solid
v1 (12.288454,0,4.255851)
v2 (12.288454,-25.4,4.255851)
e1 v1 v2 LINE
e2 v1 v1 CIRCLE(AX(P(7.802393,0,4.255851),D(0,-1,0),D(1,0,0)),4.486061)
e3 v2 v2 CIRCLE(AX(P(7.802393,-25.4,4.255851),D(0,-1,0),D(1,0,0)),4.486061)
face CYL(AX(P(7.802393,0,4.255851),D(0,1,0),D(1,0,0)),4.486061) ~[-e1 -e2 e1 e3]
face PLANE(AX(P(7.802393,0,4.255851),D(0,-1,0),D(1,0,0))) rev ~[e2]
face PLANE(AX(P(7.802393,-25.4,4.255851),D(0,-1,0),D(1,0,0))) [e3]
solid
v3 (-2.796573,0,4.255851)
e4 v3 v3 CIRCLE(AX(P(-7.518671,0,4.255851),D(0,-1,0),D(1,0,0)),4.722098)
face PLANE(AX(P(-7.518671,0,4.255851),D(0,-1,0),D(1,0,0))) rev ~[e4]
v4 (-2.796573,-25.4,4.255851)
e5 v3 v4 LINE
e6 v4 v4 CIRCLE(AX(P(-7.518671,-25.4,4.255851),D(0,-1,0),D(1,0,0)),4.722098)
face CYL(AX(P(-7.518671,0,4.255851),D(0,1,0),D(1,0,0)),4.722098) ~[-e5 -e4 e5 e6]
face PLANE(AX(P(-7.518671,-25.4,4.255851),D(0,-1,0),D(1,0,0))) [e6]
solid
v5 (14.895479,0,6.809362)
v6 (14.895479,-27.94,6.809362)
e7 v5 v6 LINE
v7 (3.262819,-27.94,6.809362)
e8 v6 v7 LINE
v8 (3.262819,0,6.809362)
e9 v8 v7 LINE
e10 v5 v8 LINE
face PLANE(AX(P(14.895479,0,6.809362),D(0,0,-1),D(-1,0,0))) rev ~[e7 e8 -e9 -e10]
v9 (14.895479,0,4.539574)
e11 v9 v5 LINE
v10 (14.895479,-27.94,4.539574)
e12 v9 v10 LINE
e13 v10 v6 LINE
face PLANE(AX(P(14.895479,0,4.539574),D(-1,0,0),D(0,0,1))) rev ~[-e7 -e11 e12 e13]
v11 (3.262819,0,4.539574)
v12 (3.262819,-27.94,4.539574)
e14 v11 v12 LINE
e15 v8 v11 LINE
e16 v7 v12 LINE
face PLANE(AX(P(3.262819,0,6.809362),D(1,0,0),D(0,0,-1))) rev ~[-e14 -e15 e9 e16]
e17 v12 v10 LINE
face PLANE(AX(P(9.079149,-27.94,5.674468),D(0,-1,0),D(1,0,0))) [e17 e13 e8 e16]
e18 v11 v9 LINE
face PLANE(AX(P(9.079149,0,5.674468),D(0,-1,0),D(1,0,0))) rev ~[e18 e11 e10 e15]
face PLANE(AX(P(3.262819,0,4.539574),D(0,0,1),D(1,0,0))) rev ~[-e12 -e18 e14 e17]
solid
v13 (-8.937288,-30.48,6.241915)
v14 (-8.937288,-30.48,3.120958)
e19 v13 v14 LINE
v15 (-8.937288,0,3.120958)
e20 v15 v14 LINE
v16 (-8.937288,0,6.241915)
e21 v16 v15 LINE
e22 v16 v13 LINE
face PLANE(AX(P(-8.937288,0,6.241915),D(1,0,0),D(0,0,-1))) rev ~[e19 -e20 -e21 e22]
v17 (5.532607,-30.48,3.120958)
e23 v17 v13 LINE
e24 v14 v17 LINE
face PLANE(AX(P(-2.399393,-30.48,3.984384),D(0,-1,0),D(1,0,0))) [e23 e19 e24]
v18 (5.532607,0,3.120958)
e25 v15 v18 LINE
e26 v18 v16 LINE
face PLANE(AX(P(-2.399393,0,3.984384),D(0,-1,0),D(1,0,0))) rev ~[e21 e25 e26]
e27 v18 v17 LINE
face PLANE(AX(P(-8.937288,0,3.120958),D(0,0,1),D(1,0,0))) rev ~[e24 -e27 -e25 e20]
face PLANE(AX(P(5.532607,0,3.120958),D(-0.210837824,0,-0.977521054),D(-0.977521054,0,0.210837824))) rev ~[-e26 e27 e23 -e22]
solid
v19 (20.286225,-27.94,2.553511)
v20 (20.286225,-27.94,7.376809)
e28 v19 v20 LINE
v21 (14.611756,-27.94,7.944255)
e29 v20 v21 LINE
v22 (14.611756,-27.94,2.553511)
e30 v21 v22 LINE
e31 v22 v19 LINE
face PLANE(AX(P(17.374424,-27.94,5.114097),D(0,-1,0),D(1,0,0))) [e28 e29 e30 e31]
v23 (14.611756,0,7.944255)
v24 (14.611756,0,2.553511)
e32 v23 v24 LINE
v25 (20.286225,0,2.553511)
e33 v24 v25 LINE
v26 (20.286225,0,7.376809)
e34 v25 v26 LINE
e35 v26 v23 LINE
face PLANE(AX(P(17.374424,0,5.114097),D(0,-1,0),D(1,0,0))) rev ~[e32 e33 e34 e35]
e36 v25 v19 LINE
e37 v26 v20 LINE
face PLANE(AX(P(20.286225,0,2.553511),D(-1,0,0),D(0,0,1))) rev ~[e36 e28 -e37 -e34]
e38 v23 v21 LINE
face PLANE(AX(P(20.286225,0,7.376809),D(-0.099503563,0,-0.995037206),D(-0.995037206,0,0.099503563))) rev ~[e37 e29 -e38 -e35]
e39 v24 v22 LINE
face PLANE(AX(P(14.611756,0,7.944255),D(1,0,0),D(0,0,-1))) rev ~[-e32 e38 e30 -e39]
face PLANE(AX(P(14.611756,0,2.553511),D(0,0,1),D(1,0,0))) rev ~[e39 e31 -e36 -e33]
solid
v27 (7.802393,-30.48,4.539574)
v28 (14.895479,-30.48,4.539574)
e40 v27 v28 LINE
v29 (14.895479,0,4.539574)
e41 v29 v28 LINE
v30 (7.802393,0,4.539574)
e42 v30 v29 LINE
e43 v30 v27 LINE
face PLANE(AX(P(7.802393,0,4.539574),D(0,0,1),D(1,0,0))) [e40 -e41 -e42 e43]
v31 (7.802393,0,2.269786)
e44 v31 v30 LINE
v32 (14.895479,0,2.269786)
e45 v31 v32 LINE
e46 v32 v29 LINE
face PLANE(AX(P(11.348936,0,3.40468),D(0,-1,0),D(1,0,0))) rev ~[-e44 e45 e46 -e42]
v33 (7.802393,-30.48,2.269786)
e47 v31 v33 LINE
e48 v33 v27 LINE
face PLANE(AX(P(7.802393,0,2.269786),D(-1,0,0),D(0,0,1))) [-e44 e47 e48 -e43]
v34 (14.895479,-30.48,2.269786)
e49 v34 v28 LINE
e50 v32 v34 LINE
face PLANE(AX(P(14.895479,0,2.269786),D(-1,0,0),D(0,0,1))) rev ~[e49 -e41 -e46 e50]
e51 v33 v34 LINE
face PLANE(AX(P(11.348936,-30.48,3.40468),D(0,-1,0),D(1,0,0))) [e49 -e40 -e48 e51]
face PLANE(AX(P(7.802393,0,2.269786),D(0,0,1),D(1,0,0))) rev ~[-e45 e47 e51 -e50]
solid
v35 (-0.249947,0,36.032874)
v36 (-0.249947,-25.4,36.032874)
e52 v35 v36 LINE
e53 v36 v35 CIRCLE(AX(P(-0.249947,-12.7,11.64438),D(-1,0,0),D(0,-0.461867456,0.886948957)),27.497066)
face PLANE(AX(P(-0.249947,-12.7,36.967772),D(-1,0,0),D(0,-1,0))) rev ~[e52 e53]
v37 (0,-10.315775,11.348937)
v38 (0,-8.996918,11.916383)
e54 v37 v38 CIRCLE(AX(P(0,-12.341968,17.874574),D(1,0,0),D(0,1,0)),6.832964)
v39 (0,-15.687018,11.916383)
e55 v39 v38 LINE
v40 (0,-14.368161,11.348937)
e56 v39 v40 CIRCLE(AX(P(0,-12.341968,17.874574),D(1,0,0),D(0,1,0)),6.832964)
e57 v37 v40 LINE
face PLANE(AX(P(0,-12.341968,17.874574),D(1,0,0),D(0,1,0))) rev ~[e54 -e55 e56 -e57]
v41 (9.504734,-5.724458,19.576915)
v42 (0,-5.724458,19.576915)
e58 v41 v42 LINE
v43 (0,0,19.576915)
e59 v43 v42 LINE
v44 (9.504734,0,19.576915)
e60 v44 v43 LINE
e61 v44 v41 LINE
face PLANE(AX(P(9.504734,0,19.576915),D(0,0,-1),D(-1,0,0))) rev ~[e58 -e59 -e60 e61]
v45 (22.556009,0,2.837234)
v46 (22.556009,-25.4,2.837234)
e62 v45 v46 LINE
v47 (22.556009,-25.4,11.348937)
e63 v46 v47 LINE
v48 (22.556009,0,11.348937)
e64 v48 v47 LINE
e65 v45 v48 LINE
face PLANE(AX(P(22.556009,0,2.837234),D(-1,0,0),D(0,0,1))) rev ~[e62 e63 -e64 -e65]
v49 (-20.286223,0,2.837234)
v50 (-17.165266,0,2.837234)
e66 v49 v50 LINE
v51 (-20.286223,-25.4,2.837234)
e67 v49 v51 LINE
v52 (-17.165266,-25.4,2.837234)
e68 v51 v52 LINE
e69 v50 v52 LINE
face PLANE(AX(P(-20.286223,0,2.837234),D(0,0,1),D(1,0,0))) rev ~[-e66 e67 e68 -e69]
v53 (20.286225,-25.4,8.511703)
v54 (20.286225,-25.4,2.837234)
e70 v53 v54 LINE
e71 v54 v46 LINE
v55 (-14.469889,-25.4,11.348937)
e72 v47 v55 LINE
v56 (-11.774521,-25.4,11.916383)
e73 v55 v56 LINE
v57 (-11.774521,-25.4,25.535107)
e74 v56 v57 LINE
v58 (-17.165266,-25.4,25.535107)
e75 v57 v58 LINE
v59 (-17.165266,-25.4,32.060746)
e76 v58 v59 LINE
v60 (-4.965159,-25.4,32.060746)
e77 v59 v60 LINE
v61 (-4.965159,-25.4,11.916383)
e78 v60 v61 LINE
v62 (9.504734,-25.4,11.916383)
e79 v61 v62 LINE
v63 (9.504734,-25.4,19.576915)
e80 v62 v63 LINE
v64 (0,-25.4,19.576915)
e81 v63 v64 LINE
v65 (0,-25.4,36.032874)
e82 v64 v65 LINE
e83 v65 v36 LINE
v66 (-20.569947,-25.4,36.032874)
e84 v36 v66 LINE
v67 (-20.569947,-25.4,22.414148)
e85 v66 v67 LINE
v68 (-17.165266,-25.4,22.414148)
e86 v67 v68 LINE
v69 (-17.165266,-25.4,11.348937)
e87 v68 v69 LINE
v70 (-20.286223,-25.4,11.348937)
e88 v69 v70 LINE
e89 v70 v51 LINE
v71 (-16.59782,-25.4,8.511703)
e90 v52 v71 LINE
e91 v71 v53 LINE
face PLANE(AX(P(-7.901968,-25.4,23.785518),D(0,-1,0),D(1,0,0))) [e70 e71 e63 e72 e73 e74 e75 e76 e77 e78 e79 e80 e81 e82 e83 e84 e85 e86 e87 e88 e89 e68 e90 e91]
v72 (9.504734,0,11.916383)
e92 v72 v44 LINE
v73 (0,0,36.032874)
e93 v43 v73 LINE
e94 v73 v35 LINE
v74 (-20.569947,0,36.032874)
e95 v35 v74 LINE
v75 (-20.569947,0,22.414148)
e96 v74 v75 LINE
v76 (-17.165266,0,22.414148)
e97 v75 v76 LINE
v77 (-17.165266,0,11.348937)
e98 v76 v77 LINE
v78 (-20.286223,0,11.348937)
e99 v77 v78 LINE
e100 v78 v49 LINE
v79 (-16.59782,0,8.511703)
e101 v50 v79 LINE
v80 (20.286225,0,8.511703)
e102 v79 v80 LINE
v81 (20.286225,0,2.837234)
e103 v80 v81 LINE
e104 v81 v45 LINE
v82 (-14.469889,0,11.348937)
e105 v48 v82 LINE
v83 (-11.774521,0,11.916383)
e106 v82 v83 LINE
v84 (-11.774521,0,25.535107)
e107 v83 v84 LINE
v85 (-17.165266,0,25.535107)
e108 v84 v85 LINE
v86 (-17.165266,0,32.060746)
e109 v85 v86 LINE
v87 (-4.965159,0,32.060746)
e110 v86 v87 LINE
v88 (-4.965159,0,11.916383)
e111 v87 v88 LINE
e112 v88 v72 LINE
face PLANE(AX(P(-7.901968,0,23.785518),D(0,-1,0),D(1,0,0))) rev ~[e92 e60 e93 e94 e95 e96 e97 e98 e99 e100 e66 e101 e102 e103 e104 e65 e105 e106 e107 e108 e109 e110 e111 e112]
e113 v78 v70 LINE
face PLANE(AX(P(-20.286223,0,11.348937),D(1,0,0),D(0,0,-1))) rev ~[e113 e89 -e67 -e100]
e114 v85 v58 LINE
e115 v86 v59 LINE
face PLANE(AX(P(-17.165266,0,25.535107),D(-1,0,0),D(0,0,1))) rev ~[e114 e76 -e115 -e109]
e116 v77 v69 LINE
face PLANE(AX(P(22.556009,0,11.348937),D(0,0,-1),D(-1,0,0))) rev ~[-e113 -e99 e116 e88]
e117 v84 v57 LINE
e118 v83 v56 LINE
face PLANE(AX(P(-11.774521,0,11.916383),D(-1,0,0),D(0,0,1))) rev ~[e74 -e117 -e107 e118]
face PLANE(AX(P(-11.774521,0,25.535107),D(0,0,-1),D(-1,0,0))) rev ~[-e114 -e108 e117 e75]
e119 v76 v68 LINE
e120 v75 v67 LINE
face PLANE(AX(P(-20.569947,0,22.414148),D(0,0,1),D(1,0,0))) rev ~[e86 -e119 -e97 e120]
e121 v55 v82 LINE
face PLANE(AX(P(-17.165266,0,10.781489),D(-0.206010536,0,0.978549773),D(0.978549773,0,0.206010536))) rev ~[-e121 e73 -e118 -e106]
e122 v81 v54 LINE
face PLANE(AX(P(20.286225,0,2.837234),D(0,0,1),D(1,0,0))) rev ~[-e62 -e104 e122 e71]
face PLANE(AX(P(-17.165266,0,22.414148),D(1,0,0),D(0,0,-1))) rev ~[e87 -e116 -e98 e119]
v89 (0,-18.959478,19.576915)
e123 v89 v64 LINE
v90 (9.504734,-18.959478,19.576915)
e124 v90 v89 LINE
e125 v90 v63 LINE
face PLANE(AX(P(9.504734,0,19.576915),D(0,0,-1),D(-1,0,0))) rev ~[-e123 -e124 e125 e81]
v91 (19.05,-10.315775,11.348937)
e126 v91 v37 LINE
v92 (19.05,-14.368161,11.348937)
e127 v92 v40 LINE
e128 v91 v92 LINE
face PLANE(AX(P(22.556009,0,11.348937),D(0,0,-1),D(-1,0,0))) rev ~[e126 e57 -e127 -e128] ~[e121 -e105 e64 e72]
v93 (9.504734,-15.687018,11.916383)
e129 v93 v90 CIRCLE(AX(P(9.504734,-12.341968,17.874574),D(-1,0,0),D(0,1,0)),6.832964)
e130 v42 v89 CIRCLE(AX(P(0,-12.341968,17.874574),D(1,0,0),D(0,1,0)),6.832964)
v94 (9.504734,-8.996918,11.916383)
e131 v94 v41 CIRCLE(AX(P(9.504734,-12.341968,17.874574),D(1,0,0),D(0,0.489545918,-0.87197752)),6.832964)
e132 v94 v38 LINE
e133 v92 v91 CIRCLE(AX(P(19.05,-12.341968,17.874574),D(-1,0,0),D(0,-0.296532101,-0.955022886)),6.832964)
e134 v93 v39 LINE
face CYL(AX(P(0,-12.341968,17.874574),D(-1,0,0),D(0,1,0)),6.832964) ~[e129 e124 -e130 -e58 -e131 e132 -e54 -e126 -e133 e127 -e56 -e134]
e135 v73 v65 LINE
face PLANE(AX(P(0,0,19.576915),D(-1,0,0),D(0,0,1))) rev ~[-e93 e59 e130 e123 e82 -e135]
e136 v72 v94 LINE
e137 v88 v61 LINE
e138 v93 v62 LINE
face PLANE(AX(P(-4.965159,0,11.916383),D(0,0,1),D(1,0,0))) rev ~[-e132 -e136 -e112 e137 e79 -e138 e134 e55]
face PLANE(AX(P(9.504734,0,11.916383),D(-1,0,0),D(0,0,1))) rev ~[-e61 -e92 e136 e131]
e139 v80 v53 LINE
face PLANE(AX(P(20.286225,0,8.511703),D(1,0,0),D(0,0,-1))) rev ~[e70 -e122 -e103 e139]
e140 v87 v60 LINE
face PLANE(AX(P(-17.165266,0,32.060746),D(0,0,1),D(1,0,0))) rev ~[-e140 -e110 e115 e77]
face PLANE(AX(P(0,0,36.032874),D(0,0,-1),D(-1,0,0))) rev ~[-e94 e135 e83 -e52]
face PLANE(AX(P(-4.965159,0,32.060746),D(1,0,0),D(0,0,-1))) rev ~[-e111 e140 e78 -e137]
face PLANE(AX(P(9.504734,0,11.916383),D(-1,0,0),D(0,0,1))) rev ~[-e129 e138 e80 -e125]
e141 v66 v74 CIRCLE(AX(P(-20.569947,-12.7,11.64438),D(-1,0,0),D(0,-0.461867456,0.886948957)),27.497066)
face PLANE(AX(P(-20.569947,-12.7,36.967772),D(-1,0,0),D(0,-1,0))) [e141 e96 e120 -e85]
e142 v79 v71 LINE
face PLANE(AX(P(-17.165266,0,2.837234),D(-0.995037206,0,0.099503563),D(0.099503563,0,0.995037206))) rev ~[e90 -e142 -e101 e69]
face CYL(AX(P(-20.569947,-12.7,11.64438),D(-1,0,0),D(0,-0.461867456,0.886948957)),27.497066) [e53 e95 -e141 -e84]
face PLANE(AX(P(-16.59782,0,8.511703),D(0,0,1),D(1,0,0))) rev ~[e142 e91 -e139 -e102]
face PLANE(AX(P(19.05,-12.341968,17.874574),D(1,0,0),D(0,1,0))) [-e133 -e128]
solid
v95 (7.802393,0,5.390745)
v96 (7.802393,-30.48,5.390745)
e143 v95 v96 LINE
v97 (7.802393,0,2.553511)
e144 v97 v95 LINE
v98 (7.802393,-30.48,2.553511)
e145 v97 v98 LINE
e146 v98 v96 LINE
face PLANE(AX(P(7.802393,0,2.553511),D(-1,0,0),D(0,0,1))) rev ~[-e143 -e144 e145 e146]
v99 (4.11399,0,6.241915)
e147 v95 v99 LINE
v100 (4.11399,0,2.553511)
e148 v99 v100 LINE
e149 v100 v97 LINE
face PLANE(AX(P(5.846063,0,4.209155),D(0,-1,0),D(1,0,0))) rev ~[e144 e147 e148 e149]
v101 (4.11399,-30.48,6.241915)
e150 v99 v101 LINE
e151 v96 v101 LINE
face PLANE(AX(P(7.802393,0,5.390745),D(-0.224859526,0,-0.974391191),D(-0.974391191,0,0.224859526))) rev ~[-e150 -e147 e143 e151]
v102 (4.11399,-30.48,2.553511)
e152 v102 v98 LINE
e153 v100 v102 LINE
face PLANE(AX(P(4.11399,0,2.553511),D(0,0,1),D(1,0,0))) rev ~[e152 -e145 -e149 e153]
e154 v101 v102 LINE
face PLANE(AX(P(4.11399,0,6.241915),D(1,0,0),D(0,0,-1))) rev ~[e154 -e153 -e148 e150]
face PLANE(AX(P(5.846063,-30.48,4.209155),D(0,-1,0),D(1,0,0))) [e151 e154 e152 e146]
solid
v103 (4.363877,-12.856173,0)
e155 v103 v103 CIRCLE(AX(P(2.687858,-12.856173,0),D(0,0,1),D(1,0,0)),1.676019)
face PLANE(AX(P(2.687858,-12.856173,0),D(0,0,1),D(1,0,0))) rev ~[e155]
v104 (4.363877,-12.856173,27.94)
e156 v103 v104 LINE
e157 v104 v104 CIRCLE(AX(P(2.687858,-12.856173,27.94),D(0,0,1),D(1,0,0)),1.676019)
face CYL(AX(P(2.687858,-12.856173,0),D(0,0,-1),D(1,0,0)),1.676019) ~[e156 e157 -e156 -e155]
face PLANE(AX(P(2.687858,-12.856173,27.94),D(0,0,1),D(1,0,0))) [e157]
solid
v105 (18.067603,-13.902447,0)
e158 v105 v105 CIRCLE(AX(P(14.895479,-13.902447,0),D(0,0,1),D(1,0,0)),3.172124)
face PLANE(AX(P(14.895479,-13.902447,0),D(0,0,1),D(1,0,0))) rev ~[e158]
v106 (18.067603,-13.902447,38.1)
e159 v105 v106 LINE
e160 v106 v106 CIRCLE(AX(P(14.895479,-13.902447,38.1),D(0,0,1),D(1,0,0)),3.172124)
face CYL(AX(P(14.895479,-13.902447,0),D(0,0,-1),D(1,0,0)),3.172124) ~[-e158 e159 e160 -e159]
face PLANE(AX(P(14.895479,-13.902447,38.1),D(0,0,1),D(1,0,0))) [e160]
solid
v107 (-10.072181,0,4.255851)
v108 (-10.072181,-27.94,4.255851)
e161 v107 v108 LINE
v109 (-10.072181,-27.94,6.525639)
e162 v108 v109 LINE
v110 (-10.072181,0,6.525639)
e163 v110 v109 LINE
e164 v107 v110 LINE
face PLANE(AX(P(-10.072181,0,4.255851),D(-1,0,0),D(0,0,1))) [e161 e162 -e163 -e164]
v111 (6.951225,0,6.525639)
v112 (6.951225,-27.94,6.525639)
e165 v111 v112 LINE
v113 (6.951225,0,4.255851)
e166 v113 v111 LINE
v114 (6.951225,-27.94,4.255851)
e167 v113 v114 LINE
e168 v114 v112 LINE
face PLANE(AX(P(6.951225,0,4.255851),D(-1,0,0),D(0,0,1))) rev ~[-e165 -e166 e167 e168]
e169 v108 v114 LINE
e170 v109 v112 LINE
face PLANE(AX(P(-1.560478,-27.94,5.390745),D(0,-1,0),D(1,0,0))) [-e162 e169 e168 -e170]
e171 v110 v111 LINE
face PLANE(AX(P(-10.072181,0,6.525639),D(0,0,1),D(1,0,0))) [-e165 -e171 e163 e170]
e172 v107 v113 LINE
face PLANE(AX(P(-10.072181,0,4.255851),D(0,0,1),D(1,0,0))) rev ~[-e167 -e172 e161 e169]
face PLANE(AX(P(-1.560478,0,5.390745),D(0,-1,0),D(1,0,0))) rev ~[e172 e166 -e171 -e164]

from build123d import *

# Parameters (mm, degrees)
F0_R      = 4.486061
F0_R_2    = 4.722098
F1_DEPTH  = 25.4
F3_DEPTH  = 25.4
F5_DEPTH  = 25.4
F6_R      = 6.832964
F7_DEPTH  = 19.05
F8_R      = 3.172124
F9_DEPTH  = 38.1
F11_DEPTH = 27.94
F12_W     = 17.023406
F12_H     = 2.269788
F13_DEPTH = 27.94
F15_DEPTH = 27.94
F17_DEPTH = 30.48
F18_W     = 7.093086
F18_H     = 2.269787
F19_DEPTH = 30.48
F21_DEPTH = 30.48
F22_R     = 1.676019
F23_DEPTH = 27.94
F25_DEPTH = 20.32


with BuildPart() as f1:
    # F0 (on Front) → F1 (new body)
    with BuildSketch(Plane.XZ):
        with Locations((7.802393, 4.255851)):
            Circle(F0_R)
        with Locations((-7.518671, 4.255851)):
            Circle(F0_R_2)
    extrude(amount=F1_DEPTH)


with BuildPart() as f3:
    # F2 (on Front) → F3 (new body)
    with BuildSketch(Plane.XZ):
        Polygon((-17.165266, 2.837234), (-16.59782, 8.511703), (20.286225, 8.511703), (20.286225, 2.837234), (22.556009, 2.837234), (22.556009, 11.348937), (-20.286223, 11.348937), (-20.286223, 2.837234), align=None)
    extrude(amount=F3_DEPTH)

    # F4 (on Front) → F5 (join)
    with BuildSketch(Plane.XZ):
        Polygon((-17.165266, 22.414148), (-17.165266, 10.781489), (-11.774521, 11.916383), (-11.774521, 25.535107), (-17.165266, 25.535107), (-17.165266, 32.060746), (-4.965159, 32.060746), (-4.965159, 11.916383), (9.504734, 11.916383), (9.504734, 19.576915), (0, 19.576915), (0, 36.032874), (-20.569947, 36.032874), (-20.569947, 22.414148), align=None)
    extrude(amount=F5_DEPTH)

    # F6 (on Right) → F7 (join)
    with BuildSketch(Plane.YZ):
        with Locations((-12.341968, 17.874574)):
            Circle(F6_R)
    extrude(amount=F7_DEPTH)

    # F24 (on face) → F25 (join)
    with BuildSketch(Plane(origin=(-20.569947, 0, 0), x_dir=(0, -1, 0), z_dir=(-1, 0, 0))):
        with BuildLine():
            Line((0, 36.032874), (25.4, 36.032874))
            ThreePointArc((25.4, 36.032874), (12.7, 39.141446), (0, 36.032874))
        make_face()
    extrude(amount=-F25_DEPTH)


with BuildPart() as f9:
    # F8 (on Top) → F9 (new body)
    with BuildSketch(Plane.XY):
        with Locations((14.895479, -13.902447)):
            Circle(F8_R)
    extrude(amount=F9_DEPTH)


with BuildPart() as f11:
    # F10 (on Front) → F11 (new body)
    with BuildSketch(Plane.XZ):
        Polygon((20.286225, 2.553511), (20.286225, 7.376809), (14.611756, 7.944255), (14.611756, 2.553511), align=None)
    extrude(amount=F11_DEPTH)


with BuildPart() as f13:
    # F12 (on Front) → F13 (new body)
    with BuildSketch(Plane.XZ):
        with Locations((-1.560478, 5.390745)):
            Rectangle(F12_W, F12_H)
    extrude(amount=F13_DEPTH)


with BuildPart() as f15:
    # F14 (on Front) → F15 (new body)
    with BuildSketch(Plane.XZ):
        Polygon((14.895479, 4.539574), (14.895479, 6.809362), (3.262819, 6.809362), (3.262819, 4.539574), (12.058245, 4.539574), align=None)
    extrude(amount=F15_DEPTH)


with BuildPart() as f17:
    # F16 (on Front) → F17 (new body)
    with BuildSketch(Plane.XZ):
        Polygon((7.802393, 5.390745), (4.11399, 6.241915), (4.11399, 2.553511), (7.802393, 2.553511), align=None)
    extrude(amount=F17_DEPTH)


with BuildPart() as f19:
    # F18 (on Front) → F19 (new body)
    with BuildSketch(Plane.XZ):
        with Locations((11.348936, 3.40468)):
            Rectangle(F18_W, F18_H)
    extrude(amount=F19_DEPTH)


with BuildPart() as f21:
    # F20 (on Front) → F21 (new body)
    with BuildSketch(Plane.XZ):
        Polygon((5.532607, 3.120958), (-8.937288, 6.241915), (-8.937288, 3.120958), align=None)
    extrude(amount=F21_DEPTH)


with BuildPart() as f23:
    # F22 (on Top) → F23 (new body)
    with BuildSketch(Plane.XY):
        with Locations((2.687858, -12.856173)):
            Circle(F22_R)
    extrude(amount=F23_DEPTH)


solid = Compound([f1.part, f3.part, f9.part, f11.part, f13.part, f15.part, f17.part, f19.part, f21.part, f23.part])
